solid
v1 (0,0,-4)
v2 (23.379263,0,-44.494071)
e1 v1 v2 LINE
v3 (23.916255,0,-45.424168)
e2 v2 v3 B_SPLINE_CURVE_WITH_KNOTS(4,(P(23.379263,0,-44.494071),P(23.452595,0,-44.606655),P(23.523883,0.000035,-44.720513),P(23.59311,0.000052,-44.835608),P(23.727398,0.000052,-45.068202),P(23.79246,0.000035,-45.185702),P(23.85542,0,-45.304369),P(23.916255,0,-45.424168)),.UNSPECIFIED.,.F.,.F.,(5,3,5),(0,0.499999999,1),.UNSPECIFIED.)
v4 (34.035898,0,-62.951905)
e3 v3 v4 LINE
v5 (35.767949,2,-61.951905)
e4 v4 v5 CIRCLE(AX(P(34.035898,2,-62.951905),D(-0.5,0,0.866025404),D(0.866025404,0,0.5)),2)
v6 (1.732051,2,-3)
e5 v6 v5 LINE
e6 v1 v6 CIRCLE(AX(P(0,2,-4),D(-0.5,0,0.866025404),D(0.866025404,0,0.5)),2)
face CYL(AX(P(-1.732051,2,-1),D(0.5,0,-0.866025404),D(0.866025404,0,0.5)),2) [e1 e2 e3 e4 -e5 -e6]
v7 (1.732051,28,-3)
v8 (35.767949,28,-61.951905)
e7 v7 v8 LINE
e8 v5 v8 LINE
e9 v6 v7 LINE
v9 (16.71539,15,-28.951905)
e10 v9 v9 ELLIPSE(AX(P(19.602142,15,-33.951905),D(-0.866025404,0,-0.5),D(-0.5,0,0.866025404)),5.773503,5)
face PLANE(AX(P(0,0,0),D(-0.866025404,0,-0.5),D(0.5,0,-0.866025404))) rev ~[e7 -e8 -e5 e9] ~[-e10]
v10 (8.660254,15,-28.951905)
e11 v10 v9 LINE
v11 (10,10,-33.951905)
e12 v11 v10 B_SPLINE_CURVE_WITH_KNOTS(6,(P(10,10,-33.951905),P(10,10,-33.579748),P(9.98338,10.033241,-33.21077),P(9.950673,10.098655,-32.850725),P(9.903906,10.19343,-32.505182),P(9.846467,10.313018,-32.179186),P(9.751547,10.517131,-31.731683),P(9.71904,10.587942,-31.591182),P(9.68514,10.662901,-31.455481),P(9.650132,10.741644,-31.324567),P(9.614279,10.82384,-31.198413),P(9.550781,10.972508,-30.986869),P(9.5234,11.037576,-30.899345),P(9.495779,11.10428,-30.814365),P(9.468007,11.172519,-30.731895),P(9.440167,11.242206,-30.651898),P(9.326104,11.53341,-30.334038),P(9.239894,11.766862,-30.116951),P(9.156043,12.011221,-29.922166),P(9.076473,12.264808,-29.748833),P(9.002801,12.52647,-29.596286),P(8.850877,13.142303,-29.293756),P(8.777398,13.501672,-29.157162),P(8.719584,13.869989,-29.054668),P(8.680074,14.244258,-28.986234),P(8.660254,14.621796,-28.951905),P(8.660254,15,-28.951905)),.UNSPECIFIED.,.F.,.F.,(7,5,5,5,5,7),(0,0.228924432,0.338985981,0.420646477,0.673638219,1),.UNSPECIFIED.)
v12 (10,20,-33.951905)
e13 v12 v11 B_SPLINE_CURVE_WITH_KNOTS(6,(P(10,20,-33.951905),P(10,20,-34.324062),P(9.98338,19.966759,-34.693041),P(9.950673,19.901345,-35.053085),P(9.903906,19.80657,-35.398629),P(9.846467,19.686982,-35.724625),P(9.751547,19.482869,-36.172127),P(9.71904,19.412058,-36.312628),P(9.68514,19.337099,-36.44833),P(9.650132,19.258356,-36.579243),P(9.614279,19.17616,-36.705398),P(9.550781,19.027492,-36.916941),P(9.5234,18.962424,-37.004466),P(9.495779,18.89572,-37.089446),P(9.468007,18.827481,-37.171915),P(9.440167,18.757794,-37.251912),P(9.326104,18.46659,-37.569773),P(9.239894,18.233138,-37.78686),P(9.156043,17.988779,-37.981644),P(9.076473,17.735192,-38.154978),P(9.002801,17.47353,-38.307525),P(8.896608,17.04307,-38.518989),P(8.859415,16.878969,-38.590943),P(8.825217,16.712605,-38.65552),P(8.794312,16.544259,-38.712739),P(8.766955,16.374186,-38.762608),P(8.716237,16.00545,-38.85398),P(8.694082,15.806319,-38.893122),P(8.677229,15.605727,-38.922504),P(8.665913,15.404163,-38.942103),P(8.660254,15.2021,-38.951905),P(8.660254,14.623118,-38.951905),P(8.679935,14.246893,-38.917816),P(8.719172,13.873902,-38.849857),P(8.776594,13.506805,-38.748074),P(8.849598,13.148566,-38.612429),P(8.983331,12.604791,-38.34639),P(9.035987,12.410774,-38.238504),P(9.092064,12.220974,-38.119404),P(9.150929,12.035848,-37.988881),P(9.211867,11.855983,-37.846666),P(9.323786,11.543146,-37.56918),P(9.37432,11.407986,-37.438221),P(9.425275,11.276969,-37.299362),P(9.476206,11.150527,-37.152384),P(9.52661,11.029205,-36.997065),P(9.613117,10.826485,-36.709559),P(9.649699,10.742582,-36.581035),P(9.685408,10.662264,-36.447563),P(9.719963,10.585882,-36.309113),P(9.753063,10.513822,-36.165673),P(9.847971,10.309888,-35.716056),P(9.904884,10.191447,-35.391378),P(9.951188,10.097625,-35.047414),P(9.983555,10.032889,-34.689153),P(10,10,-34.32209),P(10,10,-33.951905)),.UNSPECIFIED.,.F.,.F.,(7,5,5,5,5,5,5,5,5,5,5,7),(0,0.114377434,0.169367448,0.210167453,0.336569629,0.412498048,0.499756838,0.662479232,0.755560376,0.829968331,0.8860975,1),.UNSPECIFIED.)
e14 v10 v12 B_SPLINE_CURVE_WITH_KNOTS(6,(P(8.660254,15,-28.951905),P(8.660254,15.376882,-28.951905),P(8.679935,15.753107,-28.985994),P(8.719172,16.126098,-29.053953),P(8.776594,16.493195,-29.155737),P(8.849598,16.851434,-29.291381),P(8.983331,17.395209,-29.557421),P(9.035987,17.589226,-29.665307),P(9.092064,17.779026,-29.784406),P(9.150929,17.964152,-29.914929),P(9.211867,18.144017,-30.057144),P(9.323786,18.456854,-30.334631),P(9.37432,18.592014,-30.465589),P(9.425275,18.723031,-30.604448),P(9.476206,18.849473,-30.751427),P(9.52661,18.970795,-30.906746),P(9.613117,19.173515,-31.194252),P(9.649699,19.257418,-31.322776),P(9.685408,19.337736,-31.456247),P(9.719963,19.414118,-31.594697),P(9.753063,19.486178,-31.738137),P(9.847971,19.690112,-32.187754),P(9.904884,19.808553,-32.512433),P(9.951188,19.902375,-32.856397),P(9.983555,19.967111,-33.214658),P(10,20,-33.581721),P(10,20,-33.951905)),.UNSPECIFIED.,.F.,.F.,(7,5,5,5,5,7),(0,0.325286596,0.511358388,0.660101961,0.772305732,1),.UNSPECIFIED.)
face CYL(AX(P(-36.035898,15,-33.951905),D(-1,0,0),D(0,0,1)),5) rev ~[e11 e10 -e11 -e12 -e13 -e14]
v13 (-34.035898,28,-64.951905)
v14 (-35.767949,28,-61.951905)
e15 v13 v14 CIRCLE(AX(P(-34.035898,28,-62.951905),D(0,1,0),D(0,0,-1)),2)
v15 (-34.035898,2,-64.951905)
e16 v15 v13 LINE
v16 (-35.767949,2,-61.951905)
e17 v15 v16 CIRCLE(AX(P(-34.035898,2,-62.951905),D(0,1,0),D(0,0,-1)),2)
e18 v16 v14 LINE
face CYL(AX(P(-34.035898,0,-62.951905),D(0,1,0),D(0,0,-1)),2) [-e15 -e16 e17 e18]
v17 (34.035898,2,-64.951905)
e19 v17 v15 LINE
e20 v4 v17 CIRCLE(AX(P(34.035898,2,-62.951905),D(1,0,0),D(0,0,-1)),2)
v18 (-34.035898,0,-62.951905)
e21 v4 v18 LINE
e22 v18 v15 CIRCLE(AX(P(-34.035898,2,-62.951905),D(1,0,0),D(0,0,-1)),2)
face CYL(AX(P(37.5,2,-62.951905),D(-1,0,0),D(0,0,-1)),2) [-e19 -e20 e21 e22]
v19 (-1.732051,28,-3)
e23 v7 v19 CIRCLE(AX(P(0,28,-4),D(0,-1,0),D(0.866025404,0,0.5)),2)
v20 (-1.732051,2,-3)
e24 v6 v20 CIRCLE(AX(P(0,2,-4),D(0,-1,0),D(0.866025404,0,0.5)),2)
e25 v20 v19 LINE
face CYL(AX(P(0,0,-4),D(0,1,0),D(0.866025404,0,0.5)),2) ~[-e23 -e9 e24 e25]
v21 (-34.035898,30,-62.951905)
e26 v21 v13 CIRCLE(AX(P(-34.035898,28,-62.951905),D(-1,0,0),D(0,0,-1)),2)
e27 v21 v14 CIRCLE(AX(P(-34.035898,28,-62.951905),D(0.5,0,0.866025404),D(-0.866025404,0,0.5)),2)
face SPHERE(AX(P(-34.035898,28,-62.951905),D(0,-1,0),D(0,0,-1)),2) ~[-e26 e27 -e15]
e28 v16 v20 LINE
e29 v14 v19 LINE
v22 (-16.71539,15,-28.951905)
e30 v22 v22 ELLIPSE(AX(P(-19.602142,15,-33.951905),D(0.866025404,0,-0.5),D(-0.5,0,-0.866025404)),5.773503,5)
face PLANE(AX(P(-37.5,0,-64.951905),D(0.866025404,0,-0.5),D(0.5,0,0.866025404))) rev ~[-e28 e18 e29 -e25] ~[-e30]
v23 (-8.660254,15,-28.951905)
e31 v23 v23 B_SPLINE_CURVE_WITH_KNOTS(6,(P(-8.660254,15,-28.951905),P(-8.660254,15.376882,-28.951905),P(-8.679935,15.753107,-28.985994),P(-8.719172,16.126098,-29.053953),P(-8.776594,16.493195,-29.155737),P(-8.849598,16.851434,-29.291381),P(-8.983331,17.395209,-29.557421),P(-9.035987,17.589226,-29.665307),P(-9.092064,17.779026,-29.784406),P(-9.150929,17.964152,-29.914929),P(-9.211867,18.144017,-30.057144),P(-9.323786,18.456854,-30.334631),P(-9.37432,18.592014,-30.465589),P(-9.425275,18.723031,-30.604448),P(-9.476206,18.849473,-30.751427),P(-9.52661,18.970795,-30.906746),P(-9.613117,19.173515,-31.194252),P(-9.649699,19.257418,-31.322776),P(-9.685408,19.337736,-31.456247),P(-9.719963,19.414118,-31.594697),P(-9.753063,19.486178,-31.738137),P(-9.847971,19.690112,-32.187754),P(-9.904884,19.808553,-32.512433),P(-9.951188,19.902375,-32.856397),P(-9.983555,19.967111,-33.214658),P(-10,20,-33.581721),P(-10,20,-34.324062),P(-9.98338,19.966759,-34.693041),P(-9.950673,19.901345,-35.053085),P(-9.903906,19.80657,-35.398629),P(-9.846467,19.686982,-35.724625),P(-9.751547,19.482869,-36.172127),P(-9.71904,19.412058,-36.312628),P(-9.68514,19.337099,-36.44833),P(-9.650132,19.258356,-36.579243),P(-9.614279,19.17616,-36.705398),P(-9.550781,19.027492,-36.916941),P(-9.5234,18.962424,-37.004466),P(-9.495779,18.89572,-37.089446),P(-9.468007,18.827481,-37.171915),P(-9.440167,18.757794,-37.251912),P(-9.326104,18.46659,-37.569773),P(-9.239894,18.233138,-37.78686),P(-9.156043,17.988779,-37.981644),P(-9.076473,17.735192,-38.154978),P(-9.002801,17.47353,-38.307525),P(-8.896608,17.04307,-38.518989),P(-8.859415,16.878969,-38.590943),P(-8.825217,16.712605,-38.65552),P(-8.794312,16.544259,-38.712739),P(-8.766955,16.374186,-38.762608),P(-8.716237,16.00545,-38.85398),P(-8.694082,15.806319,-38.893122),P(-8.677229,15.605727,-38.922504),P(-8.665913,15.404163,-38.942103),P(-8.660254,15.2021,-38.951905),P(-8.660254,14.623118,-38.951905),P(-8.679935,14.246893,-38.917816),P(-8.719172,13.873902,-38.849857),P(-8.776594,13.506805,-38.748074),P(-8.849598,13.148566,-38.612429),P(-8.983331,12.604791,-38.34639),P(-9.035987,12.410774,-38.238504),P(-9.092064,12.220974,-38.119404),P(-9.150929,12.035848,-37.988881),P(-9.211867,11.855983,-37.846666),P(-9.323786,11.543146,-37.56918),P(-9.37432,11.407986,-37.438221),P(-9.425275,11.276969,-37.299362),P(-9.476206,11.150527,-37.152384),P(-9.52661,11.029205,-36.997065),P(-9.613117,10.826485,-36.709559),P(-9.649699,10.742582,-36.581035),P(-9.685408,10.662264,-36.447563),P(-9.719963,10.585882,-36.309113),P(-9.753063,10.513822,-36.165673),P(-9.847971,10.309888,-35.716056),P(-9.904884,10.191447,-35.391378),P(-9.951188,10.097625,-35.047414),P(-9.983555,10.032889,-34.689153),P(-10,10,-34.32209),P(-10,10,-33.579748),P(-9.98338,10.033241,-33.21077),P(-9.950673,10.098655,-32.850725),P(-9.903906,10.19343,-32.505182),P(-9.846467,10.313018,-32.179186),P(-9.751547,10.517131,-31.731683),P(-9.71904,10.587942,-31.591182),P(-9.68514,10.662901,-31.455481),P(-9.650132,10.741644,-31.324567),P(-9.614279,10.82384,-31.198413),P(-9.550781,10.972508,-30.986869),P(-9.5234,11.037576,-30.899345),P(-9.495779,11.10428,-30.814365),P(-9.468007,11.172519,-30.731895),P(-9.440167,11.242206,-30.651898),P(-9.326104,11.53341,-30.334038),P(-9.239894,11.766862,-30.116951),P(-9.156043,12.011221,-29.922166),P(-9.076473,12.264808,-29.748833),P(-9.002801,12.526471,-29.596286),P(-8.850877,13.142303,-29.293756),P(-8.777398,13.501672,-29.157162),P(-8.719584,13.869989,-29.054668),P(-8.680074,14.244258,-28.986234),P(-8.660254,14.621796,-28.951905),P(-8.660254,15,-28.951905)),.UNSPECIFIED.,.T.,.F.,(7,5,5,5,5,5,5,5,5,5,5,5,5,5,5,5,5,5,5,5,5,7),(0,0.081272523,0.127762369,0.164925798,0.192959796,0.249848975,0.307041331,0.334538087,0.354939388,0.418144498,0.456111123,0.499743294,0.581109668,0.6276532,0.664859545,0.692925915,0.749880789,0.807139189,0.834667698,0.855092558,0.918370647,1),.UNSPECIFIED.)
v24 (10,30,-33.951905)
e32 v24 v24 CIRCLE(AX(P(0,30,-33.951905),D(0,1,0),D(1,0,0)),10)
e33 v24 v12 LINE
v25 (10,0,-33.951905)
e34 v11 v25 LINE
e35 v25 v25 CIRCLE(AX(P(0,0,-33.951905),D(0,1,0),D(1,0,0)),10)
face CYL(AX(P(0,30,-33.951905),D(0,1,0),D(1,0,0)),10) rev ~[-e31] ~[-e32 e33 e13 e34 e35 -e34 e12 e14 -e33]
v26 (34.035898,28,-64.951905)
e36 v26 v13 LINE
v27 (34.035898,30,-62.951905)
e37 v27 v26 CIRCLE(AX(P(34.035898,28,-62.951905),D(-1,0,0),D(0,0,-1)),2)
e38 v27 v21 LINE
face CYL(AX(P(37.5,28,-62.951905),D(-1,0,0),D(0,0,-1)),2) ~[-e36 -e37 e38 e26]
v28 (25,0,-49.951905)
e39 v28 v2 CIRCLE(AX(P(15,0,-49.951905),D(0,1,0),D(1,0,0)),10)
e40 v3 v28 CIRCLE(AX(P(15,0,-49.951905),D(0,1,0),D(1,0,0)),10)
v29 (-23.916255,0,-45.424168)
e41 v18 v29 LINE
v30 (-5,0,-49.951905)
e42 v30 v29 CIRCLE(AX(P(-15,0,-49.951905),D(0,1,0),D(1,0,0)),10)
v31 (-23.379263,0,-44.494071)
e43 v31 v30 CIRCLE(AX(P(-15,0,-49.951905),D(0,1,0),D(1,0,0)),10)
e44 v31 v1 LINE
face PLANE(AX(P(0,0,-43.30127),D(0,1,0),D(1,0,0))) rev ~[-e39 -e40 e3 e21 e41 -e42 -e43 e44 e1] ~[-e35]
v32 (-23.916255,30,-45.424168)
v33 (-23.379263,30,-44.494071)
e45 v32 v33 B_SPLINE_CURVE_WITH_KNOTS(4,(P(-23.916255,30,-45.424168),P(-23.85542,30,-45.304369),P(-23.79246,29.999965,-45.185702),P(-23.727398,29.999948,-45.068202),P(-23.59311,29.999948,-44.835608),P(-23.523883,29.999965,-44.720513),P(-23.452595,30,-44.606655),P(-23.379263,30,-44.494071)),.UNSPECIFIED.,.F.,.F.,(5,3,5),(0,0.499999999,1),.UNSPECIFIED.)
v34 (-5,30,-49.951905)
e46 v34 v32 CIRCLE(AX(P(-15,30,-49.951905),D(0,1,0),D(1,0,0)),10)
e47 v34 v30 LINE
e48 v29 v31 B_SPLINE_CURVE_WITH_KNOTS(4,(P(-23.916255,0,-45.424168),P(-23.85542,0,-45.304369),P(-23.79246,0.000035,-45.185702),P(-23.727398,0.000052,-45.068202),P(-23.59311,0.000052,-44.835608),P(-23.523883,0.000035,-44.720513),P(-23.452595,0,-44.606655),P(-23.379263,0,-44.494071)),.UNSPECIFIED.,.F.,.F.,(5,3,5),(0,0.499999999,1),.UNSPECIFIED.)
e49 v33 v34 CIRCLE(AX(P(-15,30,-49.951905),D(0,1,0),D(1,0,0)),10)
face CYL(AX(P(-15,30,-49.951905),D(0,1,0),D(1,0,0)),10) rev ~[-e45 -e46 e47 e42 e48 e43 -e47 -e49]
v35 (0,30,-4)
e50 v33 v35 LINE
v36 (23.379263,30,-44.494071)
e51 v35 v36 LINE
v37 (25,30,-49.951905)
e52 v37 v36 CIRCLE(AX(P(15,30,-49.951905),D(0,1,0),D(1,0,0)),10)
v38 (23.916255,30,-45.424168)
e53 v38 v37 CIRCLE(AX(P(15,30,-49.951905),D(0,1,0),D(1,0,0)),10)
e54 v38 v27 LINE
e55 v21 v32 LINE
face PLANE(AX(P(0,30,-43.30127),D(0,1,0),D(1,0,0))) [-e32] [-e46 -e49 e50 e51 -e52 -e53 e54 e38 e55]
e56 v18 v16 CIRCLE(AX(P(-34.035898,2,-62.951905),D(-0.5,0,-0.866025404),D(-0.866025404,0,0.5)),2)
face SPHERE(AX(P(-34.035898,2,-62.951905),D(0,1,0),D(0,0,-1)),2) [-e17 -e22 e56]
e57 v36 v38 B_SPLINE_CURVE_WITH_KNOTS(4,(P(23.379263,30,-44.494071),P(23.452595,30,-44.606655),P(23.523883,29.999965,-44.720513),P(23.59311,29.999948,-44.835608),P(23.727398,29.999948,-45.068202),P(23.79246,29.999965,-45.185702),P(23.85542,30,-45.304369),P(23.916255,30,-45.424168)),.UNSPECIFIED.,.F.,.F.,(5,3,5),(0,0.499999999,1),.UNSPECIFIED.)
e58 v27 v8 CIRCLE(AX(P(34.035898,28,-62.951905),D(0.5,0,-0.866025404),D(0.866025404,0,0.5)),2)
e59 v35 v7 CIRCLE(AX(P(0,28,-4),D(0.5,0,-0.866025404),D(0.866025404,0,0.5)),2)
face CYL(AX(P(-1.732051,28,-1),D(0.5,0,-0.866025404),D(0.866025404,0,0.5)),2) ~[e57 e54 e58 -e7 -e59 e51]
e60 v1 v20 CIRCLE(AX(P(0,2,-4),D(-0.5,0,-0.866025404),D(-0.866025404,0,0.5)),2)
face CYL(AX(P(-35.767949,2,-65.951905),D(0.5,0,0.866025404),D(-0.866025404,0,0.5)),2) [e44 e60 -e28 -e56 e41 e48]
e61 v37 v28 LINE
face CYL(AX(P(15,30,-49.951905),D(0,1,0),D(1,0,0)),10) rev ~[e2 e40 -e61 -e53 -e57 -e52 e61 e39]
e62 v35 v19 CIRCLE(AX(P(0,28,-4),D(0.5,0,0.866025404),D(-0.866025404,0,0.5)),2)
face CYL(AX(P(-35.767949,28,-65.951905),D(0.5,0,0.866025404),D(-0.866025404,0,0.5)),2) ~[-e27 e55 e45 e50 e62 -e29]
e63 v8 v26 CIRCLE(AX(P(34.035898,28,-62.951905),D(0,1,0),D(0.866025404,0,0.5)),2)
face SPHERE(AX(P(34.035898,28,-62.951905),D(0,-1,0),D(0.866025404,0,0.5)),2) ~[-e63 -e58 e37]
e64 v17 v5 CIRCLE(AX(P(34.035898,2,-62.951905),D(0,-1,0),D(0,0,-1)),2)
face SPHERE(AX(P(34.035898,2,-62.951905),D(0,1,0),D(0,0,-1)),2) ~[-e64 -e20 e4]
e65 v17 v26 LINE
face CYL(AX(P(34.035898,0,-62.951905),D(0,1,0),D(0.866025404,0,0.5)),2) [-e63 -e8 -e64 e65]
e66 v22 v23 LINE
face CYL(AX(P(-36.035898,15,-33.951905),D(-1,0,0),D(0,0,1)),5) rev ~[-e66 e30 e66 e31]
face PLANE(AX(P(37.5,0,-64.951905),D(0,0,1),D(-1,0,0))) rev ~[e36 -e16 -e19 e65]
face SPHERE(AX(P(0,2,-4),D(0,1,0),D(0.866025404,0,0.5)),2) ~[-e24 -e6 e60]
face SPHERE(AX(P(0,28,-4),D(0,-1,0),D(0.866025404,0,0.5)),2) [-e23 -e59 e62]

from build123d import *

# Parameters (mm, degrees)
BOSS_EXTRUDE1_DEPTH = 30
FILLET1_R           = 2
SKETCH2_R           = 10
CUT_EXTRUDE3_DEPTH  = 31
SKETCH3_R           = 5
CUT_EXTRUDE4_DEPTH  = 73.07179677


with BuildPart() as part:
    # Sketch1 → Boss-Extrude1 (new body)
    with BuildSketch(Plane(origin=(0, 0, 0), x_dir=(1, 0, 0), z_dir=(0, 1, 0))):
        Polygon((0, 0), (37.5, 64.951905284), (-37.5, 64.951905284), align=None)
    extrude(amount=BOSS_EXTRUDE1_DEPTH)

    # Fillet1
    fillet1_edges = [part.edges().sort_by_distance(p)[0] for p in [
        (0, 30, -64.951905284),
        (0, 0, -64.951905284),
        (-18.75, 30, -32.475952642),
        (18.75, 0, -32.475952642),
        (-18.75, 0, -32.475952642),
        (-37.5, 15, -64.951905284),
        (37.5, 15, -64.951905284),
        (0, 15, 0),
        (18.75, 30, -32.475952642),
    ]]
    fillet(fillet1_edges, radius=FILLET1_R)

    # Sketch2 → Cut-Extrude3 (cut, through all)
    with BuildSketch(Plane(origin=(0, 30, 0), x_dir=(1, 0, 0), z_dir=(0, 1, 0))):
        with Locations((-15, 49.951905284)):
            Circle(SKETCH2_R)
        with Locations((15, 49.951905284)):
            Circle(SKETCH2_R)
        with Locations((0, 33.951905284)):
            Circle(SKETCH2_R)
    extrude(amount=-CUT_EXTRUDE3_DEPTH, mode=Mode.SUBTRACT)

    # Sketch3 → Cut-Extrude4 (cut, through all)
    with BuildSketch(Plane.ZY.offset(36.035898385)):
        with Locations((-33.951905284, 15)):
            Circle(SKETCH3_R)
    extrude(amount=-CUT_EXTRUDE4_DEPTH, mode=Mode.SUBTRACT)


solid = part.part
